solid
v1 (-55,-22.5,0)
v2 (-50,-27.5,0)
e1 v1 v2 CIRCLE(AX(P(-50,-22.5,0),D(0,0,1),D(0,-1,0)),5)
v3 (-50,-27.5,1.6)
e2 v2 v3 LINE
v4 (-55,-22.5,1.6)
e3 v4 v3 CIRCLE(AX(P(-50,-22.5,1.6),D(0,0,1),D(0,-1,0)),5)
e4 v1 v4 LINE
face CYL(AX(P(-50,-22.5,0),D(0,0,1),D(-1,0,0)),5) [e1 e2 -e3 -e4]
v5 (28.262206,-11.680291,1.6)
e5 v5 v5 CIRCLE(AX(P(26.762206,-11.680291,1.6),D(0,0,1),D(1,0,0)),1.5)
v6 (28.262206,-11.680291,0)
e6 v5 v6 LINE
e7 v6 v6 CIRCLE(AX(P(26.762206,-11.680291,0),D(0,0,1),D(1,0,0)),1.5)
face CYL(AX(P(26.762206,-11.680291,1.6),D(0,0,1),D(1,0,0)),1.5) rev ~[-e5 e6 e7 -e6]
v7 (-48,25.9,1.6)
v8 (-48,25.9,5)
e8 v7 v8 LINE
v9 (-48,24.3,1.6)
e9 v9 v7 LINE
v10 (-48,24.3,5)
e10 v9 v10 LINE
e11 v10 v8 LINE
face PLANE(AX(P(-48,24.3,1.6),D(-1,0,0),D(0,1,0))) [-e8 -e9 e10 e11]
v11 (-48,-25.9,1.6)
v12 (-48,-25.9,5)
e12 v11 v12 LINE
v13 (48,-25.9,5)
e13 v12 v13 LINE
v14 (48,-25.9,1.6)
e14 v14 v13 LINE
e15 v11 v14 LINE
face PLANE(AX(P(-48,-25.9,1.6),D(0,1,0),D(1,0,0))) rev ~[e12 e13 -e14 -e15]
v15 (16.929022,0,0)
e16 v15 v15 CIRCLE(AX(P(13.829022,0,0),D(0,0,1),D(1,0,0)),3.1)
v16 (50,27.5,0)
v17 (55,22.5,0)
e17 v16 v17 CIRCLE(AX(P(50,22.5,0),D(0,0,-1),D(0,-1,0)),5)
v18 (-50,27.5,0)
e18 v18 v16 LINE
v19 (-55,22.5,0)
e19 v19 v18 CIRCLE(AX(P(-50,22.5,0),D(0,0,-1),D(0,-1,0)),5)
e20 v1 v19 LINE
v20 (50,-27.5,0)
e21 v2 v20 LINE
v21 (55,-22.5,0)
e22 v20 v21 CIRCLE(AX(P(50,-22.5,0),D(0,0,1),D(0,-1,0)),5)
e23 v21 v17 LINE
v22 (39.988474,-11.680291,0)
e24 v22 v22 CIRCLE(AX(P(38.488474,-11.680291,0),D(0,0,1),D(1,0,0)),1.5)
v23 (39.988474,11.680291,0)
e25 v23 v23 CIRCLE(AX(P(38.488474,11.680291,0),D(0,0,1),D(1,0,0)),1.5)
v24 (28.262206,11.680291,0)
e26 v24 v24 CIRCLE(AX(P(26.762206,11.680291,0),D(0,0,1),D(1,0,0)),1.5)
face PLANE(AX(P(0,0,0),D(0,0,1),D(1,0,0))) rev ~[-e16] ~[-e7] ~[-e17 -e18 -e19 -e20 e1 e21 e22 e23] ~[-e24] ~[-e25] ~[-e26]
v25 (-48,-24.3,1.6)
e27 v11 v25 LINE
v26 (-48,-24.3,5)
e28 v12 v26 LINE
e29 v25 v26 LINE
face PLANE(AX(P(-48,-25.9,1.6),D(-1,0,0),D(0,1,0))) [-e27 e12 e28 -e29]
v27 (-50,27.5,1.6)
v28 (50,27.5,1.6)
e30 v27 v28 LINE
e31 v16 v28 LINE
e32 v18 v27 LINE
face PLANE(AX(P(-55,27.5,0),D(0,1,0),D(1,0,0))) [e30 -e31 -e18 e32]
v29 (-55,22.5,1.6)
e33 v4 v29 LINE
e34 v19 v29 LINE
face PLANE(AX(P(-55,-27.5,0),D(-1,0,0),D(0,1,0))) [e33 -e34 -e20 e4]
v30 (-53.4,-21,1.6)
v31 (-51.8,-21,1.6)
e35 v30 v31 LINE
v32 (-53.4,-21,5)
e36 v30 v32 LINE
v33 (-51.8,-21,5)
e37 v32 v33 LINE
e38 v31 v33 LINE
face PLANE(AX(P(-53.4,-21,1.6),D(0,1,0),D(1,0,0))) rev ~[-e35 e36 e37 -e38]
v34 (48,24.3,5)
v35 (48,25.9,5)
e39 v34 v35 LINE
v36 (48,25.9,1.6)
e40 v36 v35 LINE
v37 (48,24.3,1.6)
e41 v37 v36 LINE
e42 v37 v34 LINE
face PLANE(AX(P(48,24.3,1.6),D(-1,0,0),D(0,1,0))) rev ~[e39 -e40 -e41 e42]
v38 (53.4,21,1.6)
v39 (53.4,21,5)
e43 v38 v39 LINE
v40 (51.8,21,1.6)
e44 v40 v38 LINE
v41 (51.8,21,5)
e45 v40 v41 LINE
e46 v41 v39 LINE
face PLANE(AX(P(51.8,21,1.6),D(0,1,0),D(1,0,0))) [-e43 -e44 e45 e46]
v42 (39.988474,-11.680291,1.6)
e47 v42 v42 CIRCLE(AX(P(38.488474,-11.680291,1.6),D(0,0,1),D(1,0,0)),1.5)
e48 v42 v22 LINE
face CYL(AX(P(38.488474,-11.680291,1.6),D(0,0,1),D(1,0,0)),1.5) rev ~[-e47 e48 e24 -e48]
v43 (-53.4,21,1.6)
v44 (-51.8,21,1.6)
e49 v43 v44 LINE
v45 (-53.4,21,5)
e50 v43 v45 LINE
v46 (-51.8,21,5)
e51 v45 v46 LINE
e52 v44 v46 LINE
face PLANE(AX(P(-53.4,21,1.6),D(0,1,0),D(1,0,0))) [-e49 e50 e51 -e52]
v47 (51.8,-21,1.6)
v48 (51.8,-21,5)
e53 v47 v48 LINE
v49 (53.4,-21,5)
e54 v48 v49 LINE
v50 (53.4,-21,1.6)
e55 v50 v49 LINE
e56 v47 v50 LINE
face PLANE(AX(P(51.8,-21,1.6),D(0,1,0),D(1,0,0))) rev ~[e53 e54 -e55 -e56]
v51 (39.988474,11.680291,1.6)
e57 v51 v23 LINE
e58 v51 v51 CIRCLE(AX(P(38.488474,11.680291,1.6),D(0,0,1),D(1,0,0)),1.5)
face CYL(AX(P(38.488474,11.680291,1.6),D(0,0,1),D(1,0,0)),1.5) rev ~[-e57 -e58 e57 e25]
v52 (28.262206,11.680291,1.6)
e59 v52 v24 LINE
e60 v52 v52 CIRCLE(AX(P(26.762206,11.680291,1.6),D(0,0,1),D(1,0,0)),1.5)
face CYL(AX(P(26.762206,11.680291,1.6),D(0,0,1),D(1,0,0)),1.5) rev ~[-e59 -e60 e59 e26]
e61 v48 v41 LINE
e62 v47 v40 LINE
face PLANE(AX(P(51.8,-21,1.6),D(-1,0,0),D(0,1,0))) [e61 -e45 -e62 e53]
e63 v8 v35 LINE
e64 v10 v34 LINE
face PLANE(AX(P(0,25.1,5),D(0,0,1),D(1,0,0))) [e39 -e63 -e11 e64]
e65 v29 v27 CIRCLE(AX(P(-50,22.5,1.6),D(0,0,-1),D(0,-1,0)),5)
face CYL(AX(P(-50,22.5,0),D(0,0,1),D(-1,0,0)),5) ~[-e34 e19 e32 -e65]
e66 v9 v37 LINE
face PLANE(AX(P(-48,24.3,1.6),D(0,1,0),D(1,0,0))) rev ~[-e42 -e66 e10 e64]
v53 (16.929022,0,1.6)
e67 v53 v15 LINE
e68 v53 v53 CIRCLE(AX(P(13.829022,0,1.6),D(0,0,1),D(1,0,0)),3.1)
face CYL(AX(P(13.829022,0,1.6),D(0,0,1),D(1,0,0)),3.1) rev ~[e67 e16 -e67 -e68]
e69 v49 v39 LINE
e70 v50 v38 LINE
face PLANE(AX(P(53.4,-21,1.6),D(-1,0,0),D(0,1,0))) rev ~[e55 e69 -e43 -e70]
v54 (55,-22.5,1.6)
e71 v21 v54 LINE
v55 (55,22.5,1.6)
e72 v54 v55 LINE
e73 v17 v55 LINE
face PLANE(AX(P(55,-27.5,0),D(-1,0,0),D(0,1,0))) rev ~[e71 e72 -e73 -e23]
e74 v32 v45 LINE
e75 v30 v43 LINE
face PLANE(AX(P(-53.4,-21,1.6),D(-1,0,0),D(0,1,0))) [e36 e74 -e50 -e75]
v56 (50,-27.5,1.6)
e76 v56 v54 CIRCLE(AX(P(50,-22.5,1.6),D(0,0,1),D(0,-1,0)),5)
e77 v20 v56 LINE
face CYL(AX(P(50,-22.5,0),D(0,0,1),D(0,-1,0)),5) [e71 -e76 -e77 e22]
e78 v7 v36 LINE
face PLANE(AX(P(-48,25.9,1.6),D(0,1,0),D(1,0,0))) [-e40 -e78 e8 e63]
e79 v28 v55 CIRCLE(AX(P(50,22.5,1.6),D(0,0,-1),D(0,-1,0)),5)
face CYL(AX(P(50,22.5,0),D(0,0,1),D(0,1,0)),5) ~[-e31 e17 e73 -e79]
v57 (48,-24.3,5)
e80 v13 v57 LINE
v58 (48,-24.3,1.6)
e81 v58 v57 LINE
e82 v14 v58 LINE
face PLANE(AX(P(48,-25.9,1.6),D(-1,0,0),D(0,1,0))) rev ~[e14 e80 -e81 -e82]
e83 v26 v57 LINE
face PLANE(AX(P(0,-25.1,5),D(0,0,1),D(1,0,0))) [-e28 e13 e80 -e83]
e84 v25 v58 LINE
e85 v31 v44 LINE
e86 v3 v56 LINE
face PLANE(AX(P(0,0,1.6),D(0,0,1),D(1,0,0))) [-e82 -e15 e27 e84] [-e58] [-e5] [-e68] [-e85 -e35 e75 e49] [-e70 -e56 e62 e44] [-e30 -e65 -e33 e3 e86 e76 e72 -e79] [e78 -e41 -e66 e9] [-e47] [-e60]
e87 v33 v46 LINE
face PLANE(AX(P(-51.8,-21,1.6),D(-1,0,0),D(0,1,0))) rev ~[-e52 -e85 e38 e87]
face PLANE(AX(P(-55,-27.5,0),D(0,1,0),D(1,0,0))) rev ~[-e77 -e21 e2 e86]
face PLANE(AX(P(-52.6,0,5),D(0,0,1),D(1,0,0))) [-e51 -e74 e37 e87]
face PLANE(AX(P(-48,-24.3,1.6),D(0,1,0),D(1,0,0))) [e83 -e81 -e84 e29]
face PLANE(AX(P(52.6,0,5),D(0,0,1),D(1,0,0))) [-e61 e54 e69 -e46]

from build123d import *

# Parameters (mm, degrees)
F0_W     = 110
F0_H     = 55
F1_DEPTH = 1.6
F2_R     = 1.5
F2_R_2   = 3.1
F3_DEPTH = 1.6
F2_W     = 96
F2_H     = 1.6
F2_W_2   = 1.6
F2_H_2   = 42
F4_DEPTH = 3.4
F5_R     = 5


with BuildPart() as f1:
    # F0 (on Top) → F1 (new body)
    with BuildSketch(Plane.XY):
        Rectangle(F0_W, F0_H)
    extrude(amount=F1_DEPTH)

    # F2 (on face) → F3 (cut, through all)
    with BuildSketch(Plane.XY.offset(1.6)):
        with Locations((26.762206, 11.680291)):
            Circle(F2_R)
        with Locations((38.488474, 11.680291)):
            Circle(F2_R)
        with Locations((26.762206, -11.680291)):
            Circle(F2_R)
        with Locations((38.488474, -11.680291)):
            Circle(F2_R)
        with Locations((13.829022, 0)):
            Circle(F2_R_2)
    extrude(amount=-F3_DEPTH, mode=Mode.SUBTRACT)

    # F2 (on face) → F4 (join)
    with BuildSketch(Plane.XY.offset(1.6)):
        with Locations((0, 25.1)):
            Rectangle(F2_W, F2_H)
        with Locations((-52.6, 0)):
            Rectangle(F2_W_2, F2_H_2)
        with Locations((0, -25.1)):
            Rectangle(F2_W, F2_H)
        with Locations((52.6, 0)):
            Rectangle(F2_W_2, F2_H_2)
    extrude(amount=F4_DEPTH)

    # F5
    f5_edges = [f1.edges().sort_by_distance(p)[0] for p in [
        (55, -27.5, 0.8),
        (-55, -27.5, 0.8),
        (55, 27.5, 0.8),
        (-55, 27.5, 0.8),
    ]]
    fillet(f5_edges, radius=F5_R)


solid = f1.part
